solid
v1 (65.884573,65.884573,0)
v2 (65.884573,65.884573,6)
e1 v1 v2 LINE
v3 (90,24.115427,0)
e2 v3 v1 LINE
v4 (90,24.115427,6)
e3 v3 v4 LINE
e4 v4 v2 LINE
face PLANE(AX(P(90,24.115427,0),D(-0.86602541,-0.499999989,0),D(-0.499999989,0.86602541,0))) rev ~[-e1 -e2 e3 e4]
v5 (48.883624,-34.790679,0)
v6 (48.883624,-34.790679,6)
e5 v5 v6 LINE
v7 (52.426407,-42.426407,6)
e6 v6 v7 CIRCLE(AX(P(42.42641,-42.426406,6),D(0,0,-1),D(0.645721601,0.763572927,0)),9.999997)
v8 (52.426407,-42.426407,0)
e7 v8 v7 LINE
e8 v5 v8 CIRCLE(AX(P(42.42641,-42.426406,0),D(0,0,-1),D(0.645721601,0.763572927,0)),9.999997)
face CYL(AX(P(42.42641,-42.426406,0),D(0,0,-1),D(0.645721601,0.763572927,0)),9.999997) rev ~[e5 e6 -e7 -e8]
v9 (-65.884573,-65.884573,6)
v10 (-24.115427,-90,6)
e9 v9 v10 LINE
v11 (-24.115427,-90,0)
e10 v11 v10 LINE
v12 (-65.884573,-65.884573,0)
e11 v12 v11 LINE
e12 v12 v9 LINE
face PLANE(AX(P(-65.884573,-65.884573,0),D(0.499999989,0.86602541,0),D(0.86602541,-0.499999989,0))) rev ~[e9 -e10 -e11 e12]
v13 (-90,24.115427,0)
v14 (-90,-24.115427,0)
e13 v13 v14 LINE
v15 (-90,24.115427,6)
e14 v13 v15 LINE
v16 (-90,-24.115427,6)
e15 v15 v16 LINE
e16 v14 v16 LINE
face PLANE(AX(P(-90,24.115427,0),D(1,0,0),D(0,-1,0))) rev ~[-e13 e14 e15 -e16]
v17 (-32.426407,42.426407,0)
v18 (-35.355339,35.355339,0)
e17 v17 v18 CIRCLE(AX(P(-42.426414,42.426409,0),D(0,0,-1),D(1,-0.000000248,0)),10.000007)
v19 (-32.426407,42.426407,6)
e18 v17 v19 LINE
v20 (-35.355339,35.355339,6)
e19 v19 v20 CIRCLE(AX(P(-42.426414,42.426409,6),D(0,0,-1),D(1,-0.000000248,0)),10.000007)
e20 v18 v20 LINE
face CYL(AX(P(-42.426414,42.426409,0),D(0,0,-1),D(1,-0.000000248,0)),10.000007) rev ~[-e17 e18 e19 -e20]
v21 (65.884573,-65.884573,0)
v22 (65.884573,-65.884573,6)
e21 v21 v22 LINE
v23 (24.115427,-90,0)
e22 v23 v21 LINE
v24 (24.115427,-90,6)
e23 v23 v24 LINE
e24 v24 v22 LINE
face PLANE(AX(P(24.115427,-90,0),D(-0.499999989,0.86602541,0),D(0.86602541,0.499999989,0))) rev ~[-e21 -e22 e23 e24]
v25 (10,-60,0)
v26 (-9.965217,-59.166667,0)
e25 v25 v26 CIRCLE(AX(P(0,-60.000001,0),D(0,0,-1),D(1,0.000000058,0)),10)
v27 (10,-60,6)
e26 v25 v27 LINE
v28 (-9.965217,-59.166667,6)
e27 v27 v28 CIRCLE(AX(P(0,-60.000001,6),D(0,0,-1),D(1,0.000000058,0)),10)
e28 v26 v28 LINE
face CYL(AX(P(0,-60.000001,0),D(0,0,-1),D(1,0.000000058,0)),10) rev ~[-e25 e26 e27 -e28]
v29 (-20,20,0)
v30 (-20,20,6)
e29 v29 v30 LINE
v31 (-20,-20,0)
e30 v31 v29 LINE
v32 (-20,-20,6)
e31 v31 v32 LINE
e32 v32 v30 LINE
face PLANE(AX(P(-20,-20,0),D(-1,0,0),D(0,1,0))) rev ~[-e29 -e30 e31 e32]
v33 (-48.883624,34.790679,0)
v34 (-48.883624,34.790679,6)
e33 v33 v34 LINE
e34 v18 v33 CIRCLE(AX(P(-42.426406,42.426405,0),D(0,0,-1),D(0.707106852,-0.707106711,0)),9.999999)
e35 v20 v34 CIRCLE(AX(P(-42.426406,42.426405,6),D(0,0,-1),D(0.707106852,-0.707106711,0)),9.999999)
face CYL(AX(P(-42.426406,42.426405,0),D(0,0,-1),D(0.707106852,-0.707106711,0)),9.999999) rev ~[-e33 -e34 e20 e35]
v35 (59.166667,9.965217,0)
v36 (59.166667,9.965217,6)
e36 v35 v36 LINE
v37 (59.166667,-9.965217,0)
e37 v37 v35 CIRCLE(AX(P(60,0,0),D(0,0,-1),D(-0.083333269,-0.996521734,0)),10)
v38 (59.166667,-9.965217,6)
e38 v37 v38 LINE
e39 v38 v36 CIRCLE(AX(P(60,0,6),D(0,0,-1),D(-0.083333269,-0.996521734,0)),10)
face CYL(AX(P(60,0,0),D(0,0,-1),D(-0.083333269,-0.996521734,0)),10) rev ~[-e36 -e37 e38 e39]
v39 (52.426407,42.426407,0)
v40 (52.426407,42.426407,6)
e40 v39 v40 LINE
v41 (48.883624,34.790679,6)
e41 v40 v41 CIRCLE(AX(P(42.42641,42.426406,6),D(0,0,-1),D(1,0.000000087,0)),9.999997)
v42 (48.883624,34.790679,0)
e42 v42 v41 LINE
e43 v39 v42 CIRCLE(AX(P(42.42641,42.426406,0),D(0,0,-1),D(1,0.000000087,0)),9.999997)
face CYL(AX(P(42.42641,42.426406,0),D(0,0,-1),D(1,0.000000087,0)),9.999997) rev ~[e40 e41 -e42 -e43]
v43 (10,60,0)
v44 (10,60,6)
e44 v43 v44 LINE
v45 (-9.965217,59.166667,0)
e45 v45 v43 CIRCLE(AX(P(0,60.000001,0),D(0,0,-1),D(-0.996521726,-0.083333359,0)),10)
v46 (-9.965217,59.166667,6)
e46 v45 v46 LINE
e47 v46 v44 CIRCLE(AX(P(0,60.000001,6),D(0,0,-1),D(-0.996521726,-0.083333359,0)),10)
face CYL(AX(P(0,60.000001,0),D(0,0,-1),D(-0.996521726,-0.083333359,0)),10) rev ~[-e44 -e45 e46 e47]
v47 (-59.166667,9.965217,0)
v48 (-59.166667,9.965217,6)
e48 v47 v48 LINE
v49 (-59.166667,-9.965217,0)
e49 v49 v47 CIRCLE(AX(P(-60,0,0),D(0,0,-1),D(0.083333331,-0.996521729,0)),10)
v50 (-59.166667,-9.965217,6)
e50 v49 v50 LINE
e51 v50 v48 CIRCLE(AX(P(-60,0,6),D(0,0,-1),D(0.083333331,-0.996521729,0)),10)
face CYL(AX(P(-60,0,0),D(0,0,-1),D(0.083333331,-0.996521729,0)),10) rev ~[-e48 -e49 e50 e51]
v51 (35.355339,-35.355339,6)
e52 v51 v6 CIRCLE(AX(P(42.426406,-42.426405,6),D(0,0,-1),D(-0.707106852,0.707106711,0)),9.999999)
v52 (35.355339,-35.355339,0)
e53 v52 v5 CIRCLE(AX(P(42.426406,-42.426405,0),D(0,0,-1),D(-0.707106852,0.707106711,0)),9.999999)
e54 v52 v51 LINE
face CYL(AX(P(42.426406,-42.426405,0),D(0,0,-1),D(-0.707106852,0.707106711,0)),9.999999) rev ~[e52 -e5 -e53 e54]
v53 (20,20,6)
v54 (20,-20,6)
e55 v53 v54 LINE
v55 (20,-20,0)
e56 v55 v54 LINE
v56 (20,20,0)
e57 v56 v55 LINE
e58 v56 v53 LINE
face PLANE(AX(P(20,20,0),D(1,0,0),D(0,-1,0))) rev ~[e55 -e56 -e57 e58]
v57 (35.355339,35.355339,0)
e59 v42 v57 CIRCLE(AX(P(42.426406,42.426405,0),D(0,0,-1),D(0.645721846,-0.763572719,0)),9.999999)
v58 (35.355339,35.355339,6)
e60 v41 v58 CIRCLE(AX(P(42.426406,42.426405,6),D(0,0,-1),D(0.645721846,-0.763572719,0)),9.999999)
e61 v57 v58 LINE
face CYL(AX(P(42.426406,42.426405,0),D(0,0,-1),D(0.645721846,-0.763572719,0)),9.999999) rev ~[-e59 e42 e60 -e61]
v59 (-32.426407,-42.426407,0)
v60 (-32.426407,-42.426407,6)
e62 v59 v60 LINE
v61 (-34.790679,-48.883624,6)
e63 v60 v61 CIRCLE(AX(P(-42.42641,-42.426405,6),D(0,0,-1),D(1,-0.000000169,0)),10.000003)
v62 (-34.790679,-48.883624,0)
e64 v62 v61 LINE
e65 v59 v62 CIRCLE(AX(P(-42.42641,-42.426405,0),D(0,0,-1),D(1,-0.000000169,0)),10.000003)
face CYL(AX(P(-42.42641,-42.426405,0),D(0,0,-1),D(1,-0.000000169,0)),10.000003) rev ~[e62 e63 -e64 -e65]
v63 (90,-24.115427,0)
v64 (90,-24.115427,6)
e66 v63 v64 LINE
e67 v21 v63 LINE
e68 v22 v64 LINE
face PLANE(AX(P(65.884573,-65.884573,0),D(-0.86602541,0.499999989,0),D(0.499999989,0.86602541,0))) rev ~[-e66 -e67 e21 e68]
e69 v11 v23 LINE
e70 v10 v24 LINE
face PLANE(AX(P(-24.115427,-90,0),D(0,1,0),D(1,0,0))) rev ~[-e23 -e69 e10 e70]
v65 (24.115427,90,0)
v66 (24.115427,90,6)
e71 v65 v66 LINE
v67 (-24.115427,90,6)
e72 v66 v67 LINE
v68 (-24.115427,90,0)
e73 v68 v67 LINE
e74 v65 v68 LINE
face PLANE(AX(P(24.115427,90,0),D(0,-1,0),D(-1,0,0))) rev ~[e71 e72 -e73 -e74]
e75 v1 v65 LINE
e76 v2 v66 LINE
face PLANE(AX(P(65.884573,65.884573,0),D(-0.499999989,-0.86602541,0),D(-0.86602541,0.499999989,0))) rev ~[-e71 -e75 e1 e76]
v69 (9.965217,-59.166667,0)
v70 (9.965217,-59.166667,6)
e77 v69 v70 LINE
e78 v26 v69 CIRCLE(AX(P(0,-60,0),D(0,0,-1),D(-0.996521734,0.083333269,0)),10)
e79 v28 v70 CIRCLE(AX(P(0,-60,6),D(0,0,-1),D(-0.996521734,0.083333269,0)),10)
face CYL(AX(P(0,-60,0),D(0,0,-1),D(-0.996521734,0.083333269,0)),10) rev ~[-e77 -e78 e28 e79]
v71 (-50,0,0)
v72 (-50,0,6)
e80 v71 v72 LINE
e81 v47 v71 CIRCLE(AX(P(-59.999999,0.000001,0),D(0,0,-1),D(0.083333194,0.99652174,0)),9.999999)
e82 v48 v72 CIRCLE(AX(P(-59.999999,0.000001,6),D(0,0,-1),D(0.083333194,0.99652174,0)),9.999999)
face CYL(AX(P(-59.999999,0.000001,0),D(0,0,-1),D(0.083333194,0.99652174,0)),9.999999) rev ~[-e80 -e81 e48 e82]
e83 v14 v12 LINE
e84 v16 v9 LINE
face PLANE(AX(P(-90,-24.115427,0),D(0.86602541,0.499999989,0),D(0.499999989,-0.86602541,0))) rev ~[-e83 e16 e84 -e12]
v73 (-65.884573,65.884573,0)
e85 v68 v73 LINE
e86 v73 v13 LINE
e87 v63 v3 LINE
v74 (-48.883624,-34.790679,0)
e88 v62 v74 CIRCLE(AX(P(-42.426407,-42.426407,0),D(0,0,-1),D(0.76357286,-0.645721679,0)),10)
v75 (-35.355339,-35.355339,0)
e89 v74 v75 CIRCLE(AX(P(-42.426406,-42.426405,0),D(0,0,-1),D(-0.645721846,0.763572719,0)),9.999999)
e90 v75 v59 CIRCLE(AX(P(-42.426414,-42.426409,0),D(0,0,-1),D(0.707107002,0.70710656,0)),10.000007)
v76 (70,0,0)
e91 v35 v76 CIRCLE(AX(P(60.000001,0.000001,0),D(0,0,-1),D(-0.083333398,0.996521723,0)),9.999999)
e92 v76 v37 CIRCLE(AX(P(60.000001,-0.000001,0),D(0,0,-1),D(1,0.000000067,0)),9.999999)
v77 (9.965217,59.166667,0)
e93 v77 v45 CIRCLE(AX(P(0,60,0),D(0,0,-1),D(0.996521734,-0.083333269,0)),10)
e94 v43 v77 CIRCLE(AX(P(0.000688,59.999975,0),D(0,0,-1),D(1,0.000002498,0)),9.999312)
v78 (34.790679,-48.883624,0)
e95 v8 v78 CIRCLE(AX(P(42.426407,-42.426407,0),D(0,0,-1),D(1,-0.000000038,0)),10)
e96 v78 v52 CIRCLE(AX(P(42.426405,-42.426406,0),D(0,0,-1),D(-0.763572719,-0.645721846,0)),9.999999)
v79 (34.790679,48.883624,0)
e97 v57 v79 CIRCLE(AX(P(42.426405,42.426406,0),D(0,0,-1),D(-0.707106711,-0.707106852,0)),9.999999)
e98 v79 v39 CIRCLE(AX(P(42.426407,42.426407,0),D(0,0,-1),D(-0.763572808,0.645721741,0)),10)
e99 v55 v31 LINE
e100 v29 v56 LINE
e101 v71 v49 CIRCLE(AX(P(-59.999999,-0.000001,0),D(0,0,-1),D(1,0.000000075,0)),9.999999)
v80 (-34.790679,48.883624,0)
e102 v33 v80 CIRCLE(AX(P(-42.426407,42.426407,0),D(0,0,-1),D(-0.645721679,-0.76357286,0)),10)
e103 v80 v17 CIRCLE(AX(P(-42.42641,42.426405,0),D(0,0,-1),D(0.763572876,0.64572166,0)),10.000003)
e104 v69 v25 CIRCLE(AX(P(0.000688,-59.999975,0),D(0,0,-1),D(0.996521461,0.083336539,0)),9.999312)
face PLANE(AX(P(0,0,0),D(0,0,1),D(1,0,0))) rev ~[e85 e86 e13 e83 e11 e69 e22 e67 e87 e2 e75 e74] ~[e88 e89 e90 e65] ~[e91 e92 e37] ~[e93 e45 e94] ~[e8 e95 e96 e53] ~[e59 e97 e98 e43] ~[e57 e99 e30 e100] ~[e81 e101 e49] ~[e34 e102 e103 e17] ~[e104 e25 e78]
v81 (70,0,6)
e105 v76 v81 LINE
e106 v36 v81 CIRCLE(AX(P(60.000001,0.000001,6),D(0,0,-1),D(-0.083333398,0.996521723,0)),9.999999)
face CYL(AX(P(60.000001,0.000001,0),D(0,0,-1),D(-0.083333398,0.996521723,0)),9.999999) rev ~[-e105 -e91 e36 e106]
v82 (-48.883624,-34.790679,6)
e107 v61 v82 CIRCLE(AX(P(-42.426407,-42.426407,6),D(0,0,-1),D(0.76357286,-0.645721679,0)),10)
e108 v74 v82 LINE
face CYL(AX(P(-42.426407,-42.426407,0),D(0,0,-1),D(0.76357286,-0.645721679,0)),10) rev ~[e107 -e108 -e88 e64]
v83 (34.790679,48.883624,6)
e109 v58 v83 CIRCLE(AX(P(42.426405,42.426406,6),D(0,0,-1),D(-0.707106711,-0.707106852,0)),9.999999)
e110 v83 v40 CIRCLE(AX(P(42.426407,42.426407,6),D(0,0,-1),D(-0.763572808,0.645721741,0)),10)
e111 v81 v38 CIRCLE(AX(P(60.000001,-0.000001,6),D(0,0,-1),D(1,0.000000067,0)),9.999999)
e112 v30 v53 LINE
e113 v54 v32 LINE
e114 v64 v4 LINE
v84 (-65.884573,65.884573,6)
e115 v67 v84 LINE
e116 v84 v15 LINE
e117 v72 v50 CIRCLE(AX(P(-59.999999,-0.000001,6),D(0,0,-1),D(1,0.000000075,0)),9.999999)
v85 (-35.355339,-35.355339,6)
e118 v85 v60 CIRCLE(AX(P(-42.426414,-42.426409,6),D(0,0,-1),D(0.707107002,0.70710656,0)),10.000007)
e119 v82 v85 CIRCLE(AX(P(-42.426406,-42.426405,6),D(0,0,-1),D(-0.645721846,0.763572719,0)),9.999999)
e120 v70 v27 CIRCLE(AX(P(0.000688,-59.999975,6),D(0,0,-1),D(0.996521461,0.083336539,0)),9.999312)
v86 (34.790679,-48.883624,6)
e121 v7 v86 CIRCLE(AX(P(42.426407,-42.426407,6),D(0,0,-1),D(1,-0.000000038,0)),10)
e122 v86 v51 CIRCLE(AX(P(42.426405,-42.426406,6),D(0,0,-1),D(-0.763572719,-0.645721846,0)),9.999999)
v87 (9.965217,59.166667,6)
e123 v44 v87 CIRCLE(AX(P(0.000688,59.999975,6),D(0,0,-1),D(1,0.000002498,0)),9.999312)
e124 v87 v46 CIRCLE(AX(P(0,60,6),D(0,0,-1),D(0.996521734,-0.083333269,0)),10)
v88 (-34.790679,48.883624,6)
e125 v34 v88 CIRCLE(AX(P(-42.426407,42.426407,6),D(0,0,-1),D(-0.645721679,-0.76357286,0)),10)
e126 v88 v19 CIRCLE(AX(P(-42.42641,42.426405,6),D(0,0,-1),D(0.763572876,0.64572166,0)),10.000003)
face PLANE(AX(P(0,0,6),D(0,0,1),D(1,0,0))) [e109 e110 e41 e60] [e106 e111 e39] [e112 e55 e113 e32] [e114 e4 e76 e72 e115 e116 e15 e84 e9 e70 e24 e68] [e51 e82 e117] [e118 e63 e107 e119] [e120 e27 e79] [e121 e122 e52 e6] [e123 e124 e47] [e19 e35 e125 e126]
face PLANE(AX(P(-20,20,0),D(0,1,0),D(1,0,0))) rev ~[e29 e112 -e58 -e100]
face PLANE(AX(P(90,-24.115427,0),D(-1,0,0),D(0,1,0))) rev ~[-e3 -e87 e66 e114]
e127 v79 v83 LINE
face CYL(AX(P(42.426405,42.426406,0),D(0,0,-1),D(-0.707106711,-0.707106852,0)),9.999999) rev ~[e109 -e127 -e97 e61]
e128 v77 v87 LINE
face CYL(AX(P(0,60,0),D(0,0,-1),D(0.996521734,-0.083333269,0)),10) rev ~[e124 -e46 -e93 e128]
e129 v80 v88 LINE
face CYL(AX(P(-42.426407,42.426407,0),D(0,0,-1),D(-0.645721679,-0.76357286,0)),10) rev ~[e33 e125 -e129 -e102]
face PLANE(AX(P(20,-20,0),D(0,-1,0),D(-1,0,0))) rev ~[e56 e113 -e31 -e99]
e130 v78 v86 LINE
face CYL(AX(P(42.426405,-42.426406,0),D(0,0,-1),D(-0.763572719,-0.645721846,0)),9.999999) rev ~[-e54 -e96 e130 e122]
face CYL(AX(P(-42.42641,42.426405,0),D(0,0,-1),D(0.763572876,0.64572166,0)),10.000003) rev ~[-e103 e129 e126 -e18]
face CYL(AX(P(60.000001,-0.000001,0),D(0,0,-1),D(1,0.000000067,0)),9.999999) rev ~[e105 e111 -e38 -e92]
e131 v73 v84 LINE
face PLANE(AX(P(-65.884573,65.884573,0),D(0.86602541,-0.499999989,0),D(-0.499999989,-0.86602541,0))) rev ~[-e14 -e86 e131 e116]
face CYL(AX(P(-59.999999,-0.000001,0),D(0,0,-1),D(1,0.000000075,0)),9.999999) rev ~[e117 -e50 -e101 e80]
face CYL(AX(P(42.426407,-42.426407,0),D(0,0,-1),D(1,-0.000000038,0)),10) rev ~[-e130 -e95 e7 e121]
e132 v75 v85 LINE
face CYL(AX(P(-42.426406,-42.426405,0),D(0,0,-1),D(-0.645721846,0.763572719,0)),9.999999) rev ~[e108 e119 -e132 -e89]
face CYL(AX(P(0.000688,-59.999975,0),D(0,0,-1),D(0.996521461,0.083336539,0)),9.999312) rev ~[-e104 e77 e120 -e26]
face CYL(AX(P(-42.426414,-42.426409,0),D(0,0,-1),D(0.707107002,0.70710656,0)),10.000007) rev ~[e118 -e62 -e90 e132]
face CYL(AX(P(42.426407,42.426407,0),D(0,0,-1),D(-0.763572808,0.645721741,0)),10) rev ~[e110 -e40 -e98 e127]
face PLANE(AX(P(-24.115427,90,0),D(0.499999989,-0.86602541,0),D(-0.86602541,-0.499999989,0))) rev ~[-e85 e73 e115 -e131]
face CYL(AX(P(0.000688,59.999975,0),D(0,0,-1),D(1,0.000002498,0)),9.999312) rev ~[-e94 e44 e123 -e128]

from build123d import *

# Parameters (mm, degrees)
F1_DEPTH = 6


with BuildPart() as f1:
    # F0 (on Top) → F1 (new body)
    with BuildSketch(Plane.XY):
        Polygon((24.115427, -90), (65.884573, -65.884573), (90, -24.115427), (90, 24.115427), (65.884573, 65.884573), (24.115427, 90), (-24.115427, 90), (-65.884573, 65.884573), (-90, 24.115427), (-90, -24.115427), (-65.884573, -65.884573), (-24.115427, -90), align=None)
        with BuildLine():
            ThreePointArc((48.883624, 34.790679), (55.432772, 22.961006), (59.166667, 9.965217))
            ThreePointArc((59.166667, 9.965217), (66.770032, 7.359801), (70, 0))
            ThreePointArc((70, 0), (66.770032, -7.359801), (59.166667, -9.965217))
            ThreePointArc((59.166667, -9.965217), (55.432772, -22.961006), (48.883624, -34.790679))
            ThreePointArc((48.883624, -34.790679), (51.497575, -38.217617), (52.426407, -42.426407))
            ThreePointArc((52.426407, -42.426407), (45.864627, -51.816755), (34.790679, -48.883624))
            ThreePointArc((34.790679, -48.883624), (22.961006, -55.432772), (9.965217, -59.166667))
            ThreePointArc((9.965217, -59.166667), (9.991301, -59.582971), (10, -60))
            ThreePointArc((10, -60), (-0.417029, -69.991301), (-9.965217, -59.166667))
            ThreePointArc((-9.965217, -59.166667), (-22.961006, -55.432772), (-34.790679, -48.883624))
            ThreePointArc((-34.790679, -48.883624), (-49.497475, -49.497475), (-48.883624, -34.790679))
            ThreePointArc((-48.883624, -34.790679), (-55.432772, -22.961006), (-59.166667, -9.965217))
            ThreePointArc((-59.166667, -9.965217), (-70, 0), (-59.166667, 9.965217))
            ThreePointArc((-59.166667, 9.965217), (-55.432772, 22.961006), (-48.883624, 34.790679))
            ThreePointArc((-48.883624, 34.790679), (-49.497475, 49.497475), (-34.790679, 48.883624))
            ThreePointArc((-34.790679, 48.883624), (-22.961006, 55.432772), (-9.965217, 59.166667))
            ThreePointArc((-9.965217, 59.166667), (-0.417029, 69.991301), (10, 60))
            ThreePointArc((10, 60), (9.991301, 59.582971), (9.965217, 59.166667))
            ThreePointArc((9.965217, 59.166667), (22.961006, 55.432772), (34.790679, 48.883624))
            ThreePointArc((34.790679, 48.883624), (45.864627, 51.816755), (52.426407, 42.426407))
            ThreePointArc((52.426407, 42.426407), (51.497575, 38.217617), (48.883624, 34.790679))
        make_face(mode=Mode.SUBTRACT)
        with BuildLine():
            Line((-20, -20), (-20, 20))
            Line((-20, 20), (-35.355339, 35.355339))
            ThreePointArc((-35.355339, 35.355339), (-42.009377, 32.435106), (-48.883624, 34.790679))
            ThreePointArc((-48.883624, 34.790679), (-55.432772, 22.961006), (-59.166667, 9.965217))
            ThreePointArc((-59.166667, 9.965217), (-52.640199, 6.770032), (-50, 0))
            ThreePointArc((-50, 0), (-52.640199, -6.770032), (-59.166667, -9.965217))
            ThreePointArc((-59.166667, -9.965217), (-55.432772, -22.961006), (-48.883624, -34.790679))
            ThreePointArc((-48.883624, -34.790679), (-42.009377, -32.435106), (-35.355339, -35.355339))
            Line((-35.355339, -35.355339), (-20, -20))
        make_face()
        with BuildLine():
            Line((20, 20), (35.355339, 35.355339))
            ThreePointArc((35.355339, 35.355339), (32.435106, 42.009377), (34.790679, 48.883624))
            ThreePointArc((34.790679, 48.883624), (22.961006, 55.432772), (9.965217, 59.166667))
            ThreePointArc((9.965217, 59.166667), (0, 50), (-9.965217, 59.166667))
            ThreePointArc((-9.965217, 59.166667), (-22.961006, 55.432772), (-34.790679, 48.883624))
            ThreePointArc((-34.790679, 48.883624), (-33.036059, 45.864627), (-32.426407, 42.426407))
            ThreePointArc((-32.426407, 42.426407), (-33.187612, 38.599573), (-35.355339, 35.355339))
            Line((-35.355339, 35.355339), (-20, 20))
            Line((-20, 20), (20, 20))
        make_face()
        with BuildLine():
            ThreePointArc((59.166667, -9.965217), (50, 0), (59.166667, 9.965217))
            ThreePointArc((59.166667, 9.965217), (55.432772, 22.961006), (48.883624, 34.790679))
            ThreePointArc((48.883624, 34.790679), (42.009377, 32.435106), (35.355339, 35.355339))
            Line((35.355339, 35.355339), (20, 20))
            Line((20, 20), (20, -20))
            Line((20, -20), (35.355339, -35.355339))
            ThreePointArc((35.355339, -35.355339), (42.009377, -32.435106), (48.883624, -34.790679))
            ThreePointArc((48.883624, -34.790679), (55.432772, -22.961006), (59.166667, -9.965217))
        make_face()
        with BuildLine():
            ThreePointArc((34.790679, -48.883624), (32.435106, -42.009377), (35.355339, -35.355339))
            Line((35.355339, -35.355339), (20, -20))
            Line((20, -20), (-20, -20))
            Line((-20, -20), (-35.355339, -35.355339))
            ThreePointArc((-35.355339, -35.355339), (-33.187612, -38.599573), (-32.426407, -42.426407))
            ThreePointArc((-32.426407, -42.426407), (-33.036059, -45.864627), (-34.790679, -48.883624))
            ThreePointArc((-34.790679, -48.883624), (-22.961006, -55.432772), (-9.965217, -59.166667))
            ThreePointArc((-9.965217, -59.166667), (0, -50), (9.965217, -59.166667))
            ThreePointArc((9.965217, -59.166667), (22.961006, -55.432772), (34.790679, -48.883624))
        make_face()
    extrude(amount=F1_DEPTH)


solid = f1.part
